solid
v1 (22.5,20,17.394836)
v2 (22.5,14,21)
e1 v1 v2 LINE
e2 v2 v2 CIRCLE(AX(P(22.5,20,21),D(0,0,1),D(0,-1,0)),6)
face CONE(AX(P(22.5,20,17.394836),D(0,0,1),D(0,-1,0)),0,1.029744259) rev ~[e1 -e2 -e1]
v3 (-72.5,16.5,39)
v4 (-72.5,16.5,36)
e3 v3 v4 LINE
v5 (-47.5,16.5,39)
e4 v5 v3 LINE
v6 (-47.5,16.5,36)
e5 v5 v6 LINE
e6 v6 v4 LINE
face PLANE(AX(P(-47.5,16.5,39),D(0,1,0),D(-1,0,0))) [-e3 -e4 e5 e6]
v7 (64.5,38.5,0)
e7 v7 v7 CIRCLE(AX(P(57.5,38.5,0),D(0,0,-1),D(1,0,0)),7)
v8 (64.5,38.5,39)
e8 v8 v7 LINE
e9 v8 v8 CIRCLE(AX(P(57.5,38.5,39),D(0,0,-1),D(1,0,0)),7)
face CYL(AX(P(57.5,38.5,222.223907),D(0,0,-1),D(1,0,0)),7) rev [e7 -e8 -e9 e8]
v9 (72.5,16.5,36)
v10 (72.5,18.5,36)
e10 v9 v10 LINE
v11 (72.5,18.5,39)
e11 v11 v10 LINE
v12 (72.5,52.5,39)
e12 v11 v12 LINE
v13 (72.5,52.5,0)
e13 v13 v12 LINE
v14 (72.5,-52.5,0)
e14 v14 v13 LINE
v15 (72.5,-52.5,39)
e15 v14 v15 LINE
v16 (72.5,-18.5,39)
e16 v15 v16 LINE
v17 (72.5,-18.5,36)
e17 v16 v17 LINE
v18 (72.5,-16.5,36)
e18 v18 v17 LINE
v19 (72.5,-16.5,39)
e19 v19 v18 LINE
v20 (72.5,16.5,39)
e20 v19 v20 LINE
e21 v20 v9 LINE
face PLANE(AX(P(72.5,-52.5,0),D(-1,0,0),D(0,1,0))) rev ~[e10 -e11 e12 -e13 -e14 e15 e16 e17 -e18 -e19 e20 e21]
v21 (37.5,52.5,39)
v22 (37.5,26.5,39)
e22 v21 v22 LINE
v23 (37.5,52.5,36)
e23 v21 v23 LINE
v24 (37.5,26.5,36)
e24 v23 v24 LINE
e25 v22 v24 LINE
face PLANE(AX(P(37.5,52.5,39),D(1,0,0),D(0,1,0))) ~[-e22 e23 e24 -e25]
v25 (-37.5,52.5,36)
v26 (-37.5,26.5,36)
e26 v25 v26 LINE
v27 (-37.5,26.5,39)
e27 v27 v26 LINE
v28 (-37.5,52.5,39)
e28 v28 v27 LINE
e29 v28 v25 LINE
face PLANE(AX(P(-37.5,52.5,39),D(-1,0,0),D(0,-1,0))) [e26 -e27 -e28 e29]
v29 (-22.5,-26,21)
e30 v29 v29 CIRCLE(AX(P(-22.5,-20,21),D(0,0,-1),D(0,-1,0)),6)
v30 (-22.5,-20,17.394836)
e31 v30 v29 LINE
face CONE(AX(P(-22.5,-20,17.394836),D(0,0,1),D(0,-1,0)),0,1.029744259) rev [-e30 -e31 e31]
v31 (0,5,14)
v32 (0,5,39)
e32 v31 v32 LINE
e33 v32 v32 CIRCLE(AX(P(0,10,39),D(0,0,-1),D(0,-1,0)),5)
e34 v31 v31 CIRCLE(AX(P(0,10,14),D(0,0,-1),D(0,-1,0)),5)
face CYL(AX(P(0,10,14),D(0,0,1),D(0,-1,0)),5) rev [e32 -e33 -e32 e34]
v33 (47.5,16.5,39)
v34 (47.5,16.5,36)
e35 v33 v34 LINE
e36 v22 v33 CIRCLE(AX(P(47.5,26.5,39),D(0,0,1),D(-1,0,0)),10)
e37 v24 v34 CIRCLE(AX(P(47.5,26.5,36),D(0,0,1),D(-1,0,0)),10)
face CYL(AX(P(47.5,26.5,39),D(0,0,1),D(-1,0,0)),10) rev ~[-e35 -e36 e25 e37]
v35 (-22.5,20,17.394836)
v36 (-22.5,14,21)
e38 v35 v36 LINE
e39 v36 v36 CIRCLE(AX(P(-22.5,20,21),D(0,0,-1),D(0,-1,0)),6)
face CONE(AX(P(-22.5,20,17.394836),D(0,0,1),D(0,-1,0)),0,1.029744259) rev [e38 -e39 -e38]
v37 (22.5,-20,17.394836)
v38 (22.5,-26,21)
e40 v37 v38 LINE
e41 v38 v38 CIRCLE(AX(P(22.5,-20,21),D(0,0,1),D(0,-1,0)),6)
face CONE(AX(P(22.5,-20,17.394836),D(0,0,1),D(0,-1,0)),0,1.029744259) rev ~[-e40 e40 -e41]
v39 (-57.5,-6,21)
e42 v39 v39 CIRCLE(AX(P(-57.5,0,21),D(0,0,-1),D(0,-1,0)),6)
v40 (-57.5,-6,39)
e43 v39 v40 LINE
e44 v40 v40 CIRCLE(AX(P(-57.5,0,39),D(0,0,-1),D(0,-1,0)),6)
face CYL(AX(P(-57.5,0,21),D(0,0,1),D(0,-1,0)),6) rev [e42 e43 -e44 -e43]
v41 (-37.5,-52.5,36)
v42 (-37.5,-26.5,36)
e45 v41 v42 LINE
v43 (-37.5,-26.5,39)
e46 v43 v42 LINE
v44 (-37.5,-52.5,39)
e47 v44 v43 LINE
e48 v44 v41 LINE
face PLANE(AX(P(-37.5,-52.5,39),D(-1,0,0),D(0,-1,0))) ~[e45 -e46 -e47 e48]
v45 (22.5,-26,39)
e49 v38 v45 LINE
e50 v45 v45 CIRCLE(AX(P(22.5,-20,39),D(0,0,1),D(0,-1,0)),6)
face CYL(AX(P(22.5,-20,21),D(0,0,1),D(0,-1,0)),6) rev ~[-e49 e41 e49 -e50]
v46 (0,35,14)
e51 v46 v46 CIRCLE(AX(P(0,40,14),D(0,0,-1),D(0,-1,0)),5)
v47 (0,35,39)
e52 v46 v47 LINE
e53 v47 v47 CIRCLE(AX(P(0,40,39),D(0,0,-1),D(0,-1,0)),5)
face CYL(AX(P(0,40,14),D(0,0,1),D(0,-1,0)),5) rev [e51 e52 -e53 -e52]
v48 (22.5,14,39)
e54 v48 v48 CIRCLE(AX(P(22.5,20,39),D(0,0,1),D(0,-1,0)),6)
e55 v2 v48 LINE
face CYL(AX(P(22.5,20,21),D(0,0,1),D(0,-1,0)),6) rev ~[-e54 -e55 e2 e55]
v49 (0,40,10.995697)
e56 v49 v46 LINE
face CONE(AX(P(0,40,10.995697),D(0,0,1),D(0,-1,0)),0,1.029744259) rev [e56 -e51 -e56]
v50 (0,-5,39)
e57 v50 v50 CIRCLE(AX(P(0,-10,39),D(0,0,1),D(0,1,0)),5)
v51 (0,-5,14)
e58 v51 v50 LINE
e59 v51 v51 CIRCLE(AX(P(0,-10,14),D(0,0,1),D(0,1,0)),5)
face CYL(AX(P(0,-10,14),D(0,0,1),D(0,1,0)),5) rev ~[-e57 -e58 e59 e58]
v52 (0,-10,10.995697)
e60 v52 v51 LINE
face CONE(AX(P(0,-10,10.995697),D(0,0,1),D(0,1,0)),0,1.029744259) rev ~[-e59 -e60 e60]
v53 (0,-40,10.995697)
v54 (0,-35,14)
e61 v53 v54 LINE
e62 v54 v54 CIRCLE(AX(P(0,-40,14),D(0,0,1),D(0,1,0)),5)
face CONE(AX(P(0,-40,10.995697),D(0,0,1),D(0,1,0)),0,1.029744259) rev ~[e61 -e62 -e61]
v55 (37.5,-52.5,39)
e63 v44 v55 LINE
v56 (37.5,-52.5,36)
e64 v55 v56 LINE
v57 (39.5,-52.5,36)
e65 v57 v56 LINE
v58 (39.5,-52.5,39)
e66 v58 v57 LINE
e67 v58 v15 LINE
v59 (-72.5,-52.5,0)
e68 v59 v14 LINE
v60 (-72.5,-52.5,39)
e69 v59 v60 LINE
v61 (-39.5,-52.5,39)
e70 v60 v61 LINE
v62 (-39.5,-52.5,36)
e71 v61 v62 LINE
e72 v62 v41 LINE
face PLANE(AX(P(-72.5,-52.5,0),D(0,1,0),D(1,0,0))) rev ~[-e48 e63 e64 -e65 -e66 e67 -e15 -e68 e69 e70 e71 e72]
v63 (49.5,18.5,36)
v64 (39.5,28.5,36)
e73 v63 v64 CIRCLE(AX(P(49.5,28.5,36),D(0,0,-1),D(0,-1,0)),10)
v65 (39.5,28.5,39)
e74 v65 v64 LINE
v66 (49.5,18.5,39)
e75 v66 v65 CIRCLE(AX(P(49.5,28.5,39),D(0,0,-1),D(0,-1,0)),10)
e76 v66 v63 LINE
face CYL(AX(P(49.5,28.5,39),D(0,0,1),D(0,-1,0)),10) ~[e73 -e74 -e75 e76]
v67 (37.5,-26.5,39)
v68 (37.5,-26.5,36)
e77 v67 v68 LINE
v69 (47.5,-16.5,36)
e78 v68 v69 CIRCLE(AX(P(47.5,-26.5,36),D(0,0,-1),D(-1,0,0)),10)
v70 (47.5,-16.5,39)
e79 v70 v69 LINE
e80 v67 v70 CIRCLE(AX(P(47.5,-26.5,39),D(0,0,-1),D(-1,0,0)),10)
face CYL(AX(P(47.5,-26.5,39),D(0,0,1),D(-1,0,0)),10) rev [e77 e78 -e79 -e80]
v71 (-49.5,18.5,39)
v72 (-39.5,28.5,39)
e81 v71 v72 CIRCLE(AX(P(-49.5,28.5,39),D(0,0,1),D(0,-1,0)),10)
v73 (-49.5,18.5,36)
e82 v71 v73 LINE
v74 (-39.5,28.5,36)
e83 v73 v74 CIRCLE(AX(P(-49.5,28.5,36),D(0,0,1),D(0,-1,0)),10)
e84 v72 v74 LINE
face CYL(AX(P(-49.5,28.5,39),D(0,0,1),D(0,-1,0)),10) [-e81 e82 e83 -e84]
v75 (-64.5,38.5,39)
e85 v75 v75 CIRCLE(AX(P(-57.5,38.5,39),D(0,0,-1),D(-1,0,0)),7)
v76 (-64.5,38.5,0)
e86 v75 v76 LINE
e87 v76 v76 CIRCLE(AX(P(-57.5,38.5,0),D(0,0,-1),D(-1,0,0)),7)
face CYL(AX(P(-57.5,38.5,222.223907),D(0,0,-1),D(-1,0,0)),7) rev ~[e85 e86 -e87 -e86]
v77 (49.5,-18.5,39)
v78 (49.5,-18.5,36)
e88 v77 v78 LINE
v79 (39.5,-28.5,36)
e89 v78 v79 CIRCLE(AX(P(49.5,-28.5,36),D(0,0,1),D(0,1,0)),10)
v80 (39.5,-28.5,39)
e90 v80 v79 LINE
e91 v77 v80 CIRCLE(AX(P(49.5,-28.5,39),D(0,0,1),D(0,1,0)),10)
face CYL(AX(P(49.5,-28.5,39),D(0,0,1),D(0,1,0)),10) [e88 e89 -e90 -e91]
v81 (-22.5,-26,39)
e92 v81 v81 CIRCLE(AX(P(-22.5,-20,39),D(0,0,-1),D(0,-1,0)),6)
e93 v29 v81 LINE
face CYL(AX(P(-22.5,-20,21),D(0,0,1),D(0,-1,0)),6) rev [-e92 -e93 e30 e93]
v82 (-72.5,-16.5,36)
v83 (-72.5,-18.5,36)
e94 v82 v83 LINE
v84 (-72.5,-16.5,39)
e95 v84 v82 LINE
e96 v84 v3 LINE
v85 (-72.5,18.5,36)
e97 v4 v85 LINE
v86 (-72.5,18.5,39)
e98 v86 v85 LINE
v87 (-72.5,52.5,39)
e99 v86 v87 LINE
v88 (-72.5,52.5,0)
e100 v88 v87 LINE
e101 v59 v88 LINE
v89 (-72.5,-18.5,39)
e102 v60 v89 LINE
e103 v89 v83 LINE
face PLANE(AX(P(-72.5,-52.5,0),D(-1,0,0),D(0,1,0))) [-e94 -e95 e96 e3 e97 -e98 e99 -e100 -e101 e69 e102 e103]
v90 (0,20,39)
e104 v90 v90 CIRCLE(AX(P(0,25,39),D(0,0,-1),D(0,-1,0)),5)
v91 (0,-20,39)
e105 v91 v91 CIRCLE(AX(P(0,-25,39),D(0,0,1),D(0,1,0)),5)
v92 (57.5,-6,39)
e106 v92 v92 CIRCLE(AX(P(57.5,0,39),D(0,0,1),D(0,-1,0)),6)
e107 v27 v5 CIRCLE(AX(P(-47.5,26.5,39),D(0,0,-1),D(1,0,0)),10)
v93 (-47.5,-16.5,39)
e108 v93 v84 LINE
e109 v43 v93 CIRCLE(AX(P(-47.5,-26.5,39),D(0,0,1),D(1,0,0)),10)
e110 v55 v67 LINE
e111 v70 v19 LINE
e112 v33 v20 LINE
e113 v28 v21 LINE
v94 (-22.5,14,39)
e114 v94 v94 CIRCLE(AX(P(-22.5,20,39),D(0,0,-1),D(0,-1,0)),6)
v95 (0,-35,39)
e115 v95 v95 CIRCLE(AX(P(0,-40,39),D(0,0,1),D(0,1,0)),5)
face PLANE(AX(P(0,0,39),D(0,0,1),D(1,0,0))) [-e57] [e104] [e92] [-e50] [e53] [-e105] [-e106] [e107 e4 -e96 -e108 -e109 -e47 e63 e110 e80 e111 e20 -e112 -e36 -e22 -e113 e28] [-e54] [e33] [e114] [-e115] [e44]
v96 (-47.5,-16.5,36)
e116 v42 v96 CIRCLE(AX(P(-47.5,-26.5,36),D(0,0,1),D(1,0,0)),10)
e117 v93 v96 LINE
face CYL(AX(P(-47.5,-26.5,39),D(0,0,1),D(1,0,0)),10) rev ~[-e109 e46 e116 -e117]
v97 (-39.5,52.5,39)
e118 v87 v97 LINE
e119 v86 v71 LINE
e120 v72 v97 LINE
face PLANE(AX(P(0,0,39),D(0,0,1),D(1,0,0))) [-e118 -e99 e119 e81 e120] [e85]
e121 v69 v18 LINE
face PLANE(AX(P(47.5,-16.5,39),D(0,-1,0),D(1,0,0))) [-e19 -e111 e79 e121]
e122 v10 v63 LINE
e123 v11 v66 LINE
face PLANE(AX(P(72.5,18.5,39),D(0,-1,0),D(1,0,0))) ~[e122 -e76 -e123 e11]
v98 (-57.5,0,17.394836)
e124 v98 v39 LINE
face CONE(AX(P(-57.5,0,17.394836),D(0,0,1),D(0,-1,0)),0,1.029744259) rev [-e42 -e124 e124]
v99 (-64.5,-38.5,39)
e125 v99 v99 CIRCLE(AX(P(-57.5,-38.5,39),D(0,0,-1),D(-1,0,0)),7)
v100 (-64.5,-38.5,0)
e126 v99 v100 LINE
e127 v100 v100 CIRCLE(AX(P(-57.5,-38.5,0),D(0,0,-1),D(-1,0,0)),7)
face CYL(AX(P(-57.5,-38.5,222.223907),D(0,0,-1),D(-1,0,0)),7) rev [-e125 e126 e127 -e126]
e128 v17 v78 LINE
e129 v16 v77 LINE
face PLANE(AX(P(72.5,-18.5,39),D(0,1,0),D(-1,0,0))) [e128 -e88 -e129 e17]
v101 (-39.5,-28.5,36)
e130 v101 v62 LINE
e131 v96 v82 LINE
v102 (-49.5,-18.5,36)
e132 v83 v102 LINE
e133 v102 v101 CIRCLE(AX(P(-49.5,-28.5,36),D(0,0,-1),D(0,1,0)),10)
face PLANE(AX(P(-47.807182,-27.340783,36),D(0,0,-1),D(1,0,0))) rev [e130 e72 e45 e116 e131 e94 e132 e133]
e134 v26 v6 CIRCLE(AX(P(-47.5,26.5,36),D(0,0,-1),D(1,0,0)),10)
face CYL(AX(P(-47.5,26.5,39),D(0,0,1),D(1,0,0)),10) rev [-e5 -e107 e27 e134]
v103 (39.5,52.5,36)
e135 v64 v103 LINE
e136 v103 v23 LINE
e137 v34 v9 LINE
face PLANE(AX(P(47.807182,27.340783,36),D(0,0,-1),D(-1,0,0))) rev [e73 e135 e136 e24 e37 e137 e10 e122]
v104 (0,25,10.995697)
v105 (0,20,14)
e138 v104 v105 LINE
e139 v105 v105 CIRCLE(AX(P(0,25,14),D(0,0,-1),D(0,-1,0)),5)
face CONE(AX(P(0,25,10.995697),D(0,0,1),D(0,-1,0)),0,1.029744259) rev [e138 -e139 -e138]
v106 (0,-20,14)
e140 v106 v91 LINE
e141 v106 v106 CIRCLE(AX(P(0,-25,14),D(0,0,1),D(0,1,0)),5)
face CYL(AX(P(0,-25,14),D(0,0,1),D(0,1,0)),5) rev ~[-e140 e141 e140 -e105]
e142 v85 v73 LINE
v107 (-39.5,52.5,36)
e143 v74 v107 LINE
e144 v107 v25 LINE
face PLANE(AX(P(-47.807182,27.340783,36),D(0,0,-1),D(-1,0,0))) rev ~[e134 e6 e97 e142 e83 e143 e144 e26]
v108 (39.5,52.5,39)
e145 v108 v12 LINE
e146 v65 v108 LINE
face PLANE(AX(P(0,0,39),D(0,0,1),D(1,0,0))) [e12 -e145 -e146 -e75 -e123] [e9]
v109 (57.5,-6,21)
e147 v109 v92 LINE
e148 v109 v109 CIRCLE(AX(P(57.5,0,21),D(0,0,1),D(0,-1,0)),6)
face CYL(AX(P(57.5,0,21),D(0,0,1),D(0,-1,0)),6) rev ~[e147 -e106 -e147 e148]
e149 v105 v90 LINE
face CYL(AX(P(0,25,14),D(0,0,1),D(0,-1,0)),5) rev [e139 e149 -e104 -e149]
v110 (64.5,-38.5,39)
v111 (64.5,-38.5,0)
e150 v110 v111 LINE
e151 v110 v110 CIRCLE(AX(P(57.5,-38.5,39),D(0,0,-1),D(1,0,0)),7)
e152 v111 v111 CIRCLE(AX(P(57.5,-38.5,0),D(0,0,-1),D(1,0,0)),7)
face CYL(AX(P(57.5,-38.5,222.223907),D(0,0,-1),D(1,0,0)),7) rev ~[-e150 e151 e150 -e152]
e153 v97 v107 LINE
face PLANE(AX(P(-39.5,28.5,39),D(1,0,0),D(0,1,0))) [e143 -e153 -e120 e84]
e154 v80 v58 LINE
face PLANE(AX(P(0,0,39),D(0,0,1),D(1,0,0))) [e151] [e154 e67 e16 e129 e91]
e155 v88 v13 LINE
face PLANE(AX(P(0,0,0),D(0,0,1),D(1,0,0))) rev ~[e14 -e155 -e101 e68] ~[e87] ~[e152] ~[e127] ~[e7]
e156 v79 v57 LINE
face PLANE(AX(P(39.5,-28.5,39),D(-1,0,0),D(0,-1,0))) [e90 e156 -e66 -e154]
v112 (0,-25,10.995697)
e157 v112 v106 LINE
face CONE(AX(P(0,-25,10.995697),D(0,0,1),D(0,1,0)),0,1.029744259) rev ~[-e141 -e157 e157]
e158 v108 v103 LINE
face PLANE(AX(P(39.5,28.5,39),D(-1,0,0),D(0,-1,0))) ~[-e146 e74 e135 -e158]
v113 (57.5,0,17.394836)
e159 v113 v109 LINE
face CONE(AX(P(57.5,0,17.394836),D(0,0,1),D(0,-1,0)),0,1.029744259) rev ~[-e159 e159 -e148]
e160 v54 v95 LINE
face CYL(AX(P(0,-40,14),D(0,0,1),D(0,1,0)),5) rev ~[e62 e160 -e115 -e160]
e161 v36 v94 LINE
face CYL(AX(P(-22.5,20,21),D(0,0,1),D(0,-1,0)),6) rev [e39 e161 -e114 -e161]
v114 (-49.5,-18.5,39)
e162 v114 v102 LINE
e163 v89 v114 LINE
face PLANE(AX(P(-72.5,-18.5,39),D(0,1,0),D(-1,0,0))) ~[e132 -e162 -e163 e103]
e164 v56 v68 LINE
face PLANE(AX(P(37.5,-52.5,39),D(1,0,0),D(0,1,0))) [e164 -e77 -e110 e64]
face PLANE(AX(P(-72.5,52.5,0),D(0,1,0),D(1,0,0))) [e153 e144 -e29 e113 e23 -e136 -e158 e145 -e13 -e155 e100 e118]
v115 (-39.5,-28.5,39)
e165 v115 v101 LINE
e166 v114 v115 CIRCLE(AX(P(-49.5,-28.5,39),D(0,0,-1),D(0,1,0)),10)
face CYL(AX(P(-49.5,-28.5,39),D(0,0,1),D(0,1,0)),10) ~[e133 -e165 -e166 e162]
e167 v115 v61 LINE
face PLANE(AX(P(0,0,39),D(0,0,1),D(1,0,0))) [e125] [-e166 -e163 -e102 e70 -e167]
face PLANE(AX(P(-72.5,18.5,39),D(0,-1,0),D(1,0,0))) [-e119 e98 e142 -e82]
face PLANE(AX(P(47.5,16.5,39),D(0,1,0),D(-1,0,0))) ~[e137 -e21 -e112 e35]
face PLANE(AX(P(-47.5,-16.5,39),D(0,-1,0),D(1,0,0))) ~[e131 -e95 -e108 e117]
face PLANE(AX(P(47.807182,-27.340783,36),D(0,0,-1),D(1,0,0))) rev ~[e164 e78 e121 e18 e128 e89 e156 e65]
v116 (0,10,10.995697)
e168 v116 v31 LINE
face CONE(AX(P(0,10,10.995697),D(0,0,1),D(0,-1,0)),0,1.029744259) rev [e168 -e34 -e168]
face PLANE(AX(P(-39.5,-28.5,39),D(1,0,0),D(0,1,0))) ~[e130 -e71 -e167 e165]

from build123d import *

# Parameters (mm, degrees)
CROQUIS1_W                              = 145
CROQUIS1_H                              = 105
SALIENTE_EXTRUIR1_DEPTH                 = 39
TALADRO1_D                              = 14
SIMETR_A2_COPY_1_D                      = 14
TALADRO_DE_MARGEN_PARA_M1_61_AT_2_COUNT = 2
TALADRO_DE_MARGEN_PARA_M1_61_AT_2_PITCH = 15
TALADRO_DE_MARGEN_PARA_M1_61_AT_3_COUNT = 2
TALADRO_DE_MARGEN_PARA_M1_61_AT_3_PITCH = 30
TALADRO_DE_MARGEN_PARA_M1_62_AT_2_COUNT = 2
TALADRO_DE_MARGEN_PARA_M1_62_AT_2_PITCH = 40.311288741
TALADRO_DE_MARGEN_PARA_M1_62_AT_3_COUNT = 2
TALADRO_DE_MARGEN_PARA_M1_62_AT_3_PITCH = 40.311288741
CORTAR_EXTRUIR1_DEPTH                   = 3
SIMETR_A6_COPY_1_DEPTH                  = 3


with BuildPart() as part:
    # Croquis1 → Saliente-Extruir1 (new body)
    with BuildSketch(Plane.XY):
        Rectangle(CROQUIS1_W, CROQUIS1_H)
    extrude(amount=SALIENTE_EXTRUIR1_DEPTH)

    # Taladro1 (through all)
    with Locations(Plane.XY.offset(39)):
        with Locations((-57.5, 38.5)):
            taladro1 = Hole(TALADRO1_D / 2)

    # Simetría1: Taladro1 across plane
    add(taladro1.mirror(Plane.ZX), mode=Mode.SUBTRACT)

    # Simetría2: Taladro1 across plane
    add(taladro1.mirror(Plane(origin=(0, 0, 0), x_dir=(0, 0, 1), z_dir=(1, 0, 0))), mode=Mode.SUBTRACT)

    # Simetría2 copy 1 (through all)
    with Locations(Plane(origin=(0, 0, 39), x_dir=(-1, 0, 0), z_dir=(0, 0, 1))):
        with Locations((-57.5, 38.5)):
            Hole(SIMETR_A2_COPY_1_D / 2)

    # Croquis7 → Taladro de margen para M1.61 (revolve, cut)
    with BuildSketch(Plane(origin=(0, 40, 39), x_dir=(0, -1, 0), z_dir=(1, 0, 0))):
        Polygon((0, 0), (0, 28.004303095), (5, 25), (5, 0), align=None)
    taladro_de_margen_para_m1_61 = revolve(axis=Axis((0, 40, 45.35), (0, 0, -1)), mode=Mode.SUBTRACT)

    # Taladro de margen para M1.61 at 2: Taladro de margen para M1.61 ×2
    with Locations(*[(0, -i * TALADRO_DE_MARGEN_PARA_M1_61_AT_2_PITCH, 0) for i in range(1, TALADRO_DE_MARGEN_PARA_M1_61_AT_2_COUNT)]):
        add(taladro_de_margen_para_m1_61, mode=Mode.SUBTRACT)

    # Taladro de margen para M1.61 at 3: Taladro de margen para M1.61 ×2
    with Locations(*[(0, -i * TALADRO_DE_MARGEN_PARA_M1_61_AT_3_PITCH, 0) for i in range(1, TALADRO_DE_MARGEN_PARA_M1_61_AT_3_COUNT)]):
        add(taladro_de_margen_para_m1_61, mode=Mode.SUBTRACT)

    # Simetría3: Taladro de margen para M1.61 across plane
    add(taladro_de_margen_para_m1_61.mirror(Plane.ZX), mode=Mode.SUBTRACT)

    # Simetría3 copy 1 sketch → Simetría3 copy 1 (revolve, cut)
    with BuildSketch(Plane(origin=(0, -25, 39), x_dir=(0, 1, 0), z_dir=(1, 0, 0))):
        Polygon((0, 0), (0, -28.004303095), (5, -25), (5, 0), align=None)
    revolve(axis=Axis((0, -25, 45.35), (0, 0, 1)), mode=Mode.SUBTRACT)

    # Simetría3 copy 2 sketch → Simetría3 copy 2 (revolve, cut)
    with BuildSketch(Plane(origin=(0, -10, 39), x_dir=(0, 1, 0), z_dir=(1, 0, 0))):
        Polygon((0, 0), (0, -28.004303095), (5, -25), (5, 0), align=None)
    revolve(axis=Axis((0, -10, 45.35), (0, 0, 1)), mode=Mode.SUBTRACT)

    # Croquis9 → Taladro de margen para M1.62 (revolve, cut)
    with BuildSketch(Plane(origin=(-57.5, 0, 39), x_dir=(0, -1, 0), z_dir=(1, 0, 0))):
        Polygon((0, 0), (0, 21.605163714), (6, 18), (6, 0), align=None)
    taladro_de_margen_para_m1_62 = revolve(axis=Axis((-57.5, 0, 45.35), (0, 0, -1)), mode=Mode.SUBTRACT)

    # Taladro de margen para M1.62 at 2: Taladro de margen para M1.62 ×2
    with Locations(*[Vector(0.868243142, 0.496138938, 0) * (i * TALADRO_DE_MARGEN_PARA_M1_62_AT_2_PITCH) for i in range(1, TALADRO_DE_MARGEN_PARA_M1_62_AT_2_COUNT)]):
        add(taladro_de_margen_para_m1_62, mode=Mode.SUBTRACT)

    # Taladro de margen para M1.62 at 3: Taladro de margen para M1.62 ×2
    with Locations(*[Vector(0.868243142, -0.496138938, 0) * (i * TALADRO_DE_MARGEN_PARA_M1_62_AT_3_PITCH) for i in range(1, TALADRO_DE_MARGEN_PARA_M1_62_AT_3_COUNT)]):
        add(taladro_de_margen_para_m1_62, mode=Mode.SUBTRACT)

    # Simetría4: Taladro de margen para M1.62 across plane
    add(taladro_de_margen_para_m1_62.mirror(Plane(origin=(0, 0, 0), x_dir=(0, 0, 1), z_dir=(1, 0, 0))), mode=Mode.SUBTRACT)

    # Simetría4 copy 1 sketch → Simetría4 copy 1 (revolve, cut)
    with BuildSketch(Plane(origin=(22.5, 20, 39), x_dir=(0, -1, 0), z_dir=(-1, 0, 0))):
        Polygon((0, 0), (0, -21.605163714), (6, -18), (6, 0), align=None)
    revolve(axis=Axis((22.5, 20, 45.35), (0, 0, 1)), mode=Mode.SUBTRACT)

    # Simetría4 copy 2 sketch → Simetría4 copy 2 (revolve, cut)
    with BuildSketch(Plane(origin=(22.5, -20, 39), x_dir=(0, -1, 0), z_dir=(-1, 0, 0))):
        Polygon((0, 0), (0, -21.605163714), (6, -18), (6, 0), align=None)
    revolve(axis=Axis((22.5, -20, 45.35), (0, 0, 1)), mode=Mode.SUBTRACT)

    # Croquis10 → Cortar-Extruir1 (cut)
    with BuildSketch(Plane.XY.offset(39)):
        with BuildLine():
            Line((-37.5, 52.5), (-37.5, 26.5))
            ThreePointArc((-37.5, 26.5), (-40.428932188, 19.428932188), (-47.5, 16.5))
            Line((-47.5, 16.5), (-72.5, 16.5))
            Line((-72.5, 16.5), (-72.5, 18.5))
            Line((-72.5, 18.5), (-49.5, 18.5))
            ThreePointArc((-49.5, 18.5), (-42.428932188, 21.428932188), (-39.5, 28.5))
            Line((-39.5, 28.5), (-39.5, 52.5))
            Line((-39.5, 52.5), (-37.5, 52.5))
        make_face()
    cortar_extruir1 = extrude(amount=-CORTAR_EXTRUIR1_DEPTH, mode=Mode.SUBTRACT)

    # Simetría5: Cortar-Extruir1 across plane
    add(cortar_extruir1.mirror(Plane.ZX), mode=Mode.SUBTRACT)

    # Simetría6: Cortar-Extruir1 across plane
    add(cortar_extruir1.mirror(Plane(origin=(0, 0, 0), x_dir=(0, 0, 1), z_dir=(1, 0, 0))), mode=Mode.SUBTRACT)

    # Simetría6 copy 1 sketch → Simetría6 copy 1 (cut)
    with BuildSketch(Plane(origin=(0, 0, 39), x_dir=(-1, 0, 0), z_dir=(0, 0, 1))):
        with BuildLine():
            Line((-37.5, 52.5), (-37.5, 26.5))
            ThreePointArc((-37.5, 26.5), (-40.428932188, 19.428932188), (-47.5, 16.5))
            Line((-47.5, 16.5), (-72.5, 16.5))
            Line((-72.5, 16.5), (-72.5, 18.5))
            Line((-72.5, 18.5), (-49.5, 18.5))
            ThreePointArc((-49.5, 18.5), (-42.428932188, 21.428932188), (-39.5, 28.5))
            Line((-39.5, 28.5), (-39.5, 52.5))
            Line((-39.5, 52.5), (-37.5, 52.5))
        make_face()
    extrude(amount=-SIMETR_A6_COPY_1_DEPTH, mode=Mode.SUBTRACT)


solid = part.part
